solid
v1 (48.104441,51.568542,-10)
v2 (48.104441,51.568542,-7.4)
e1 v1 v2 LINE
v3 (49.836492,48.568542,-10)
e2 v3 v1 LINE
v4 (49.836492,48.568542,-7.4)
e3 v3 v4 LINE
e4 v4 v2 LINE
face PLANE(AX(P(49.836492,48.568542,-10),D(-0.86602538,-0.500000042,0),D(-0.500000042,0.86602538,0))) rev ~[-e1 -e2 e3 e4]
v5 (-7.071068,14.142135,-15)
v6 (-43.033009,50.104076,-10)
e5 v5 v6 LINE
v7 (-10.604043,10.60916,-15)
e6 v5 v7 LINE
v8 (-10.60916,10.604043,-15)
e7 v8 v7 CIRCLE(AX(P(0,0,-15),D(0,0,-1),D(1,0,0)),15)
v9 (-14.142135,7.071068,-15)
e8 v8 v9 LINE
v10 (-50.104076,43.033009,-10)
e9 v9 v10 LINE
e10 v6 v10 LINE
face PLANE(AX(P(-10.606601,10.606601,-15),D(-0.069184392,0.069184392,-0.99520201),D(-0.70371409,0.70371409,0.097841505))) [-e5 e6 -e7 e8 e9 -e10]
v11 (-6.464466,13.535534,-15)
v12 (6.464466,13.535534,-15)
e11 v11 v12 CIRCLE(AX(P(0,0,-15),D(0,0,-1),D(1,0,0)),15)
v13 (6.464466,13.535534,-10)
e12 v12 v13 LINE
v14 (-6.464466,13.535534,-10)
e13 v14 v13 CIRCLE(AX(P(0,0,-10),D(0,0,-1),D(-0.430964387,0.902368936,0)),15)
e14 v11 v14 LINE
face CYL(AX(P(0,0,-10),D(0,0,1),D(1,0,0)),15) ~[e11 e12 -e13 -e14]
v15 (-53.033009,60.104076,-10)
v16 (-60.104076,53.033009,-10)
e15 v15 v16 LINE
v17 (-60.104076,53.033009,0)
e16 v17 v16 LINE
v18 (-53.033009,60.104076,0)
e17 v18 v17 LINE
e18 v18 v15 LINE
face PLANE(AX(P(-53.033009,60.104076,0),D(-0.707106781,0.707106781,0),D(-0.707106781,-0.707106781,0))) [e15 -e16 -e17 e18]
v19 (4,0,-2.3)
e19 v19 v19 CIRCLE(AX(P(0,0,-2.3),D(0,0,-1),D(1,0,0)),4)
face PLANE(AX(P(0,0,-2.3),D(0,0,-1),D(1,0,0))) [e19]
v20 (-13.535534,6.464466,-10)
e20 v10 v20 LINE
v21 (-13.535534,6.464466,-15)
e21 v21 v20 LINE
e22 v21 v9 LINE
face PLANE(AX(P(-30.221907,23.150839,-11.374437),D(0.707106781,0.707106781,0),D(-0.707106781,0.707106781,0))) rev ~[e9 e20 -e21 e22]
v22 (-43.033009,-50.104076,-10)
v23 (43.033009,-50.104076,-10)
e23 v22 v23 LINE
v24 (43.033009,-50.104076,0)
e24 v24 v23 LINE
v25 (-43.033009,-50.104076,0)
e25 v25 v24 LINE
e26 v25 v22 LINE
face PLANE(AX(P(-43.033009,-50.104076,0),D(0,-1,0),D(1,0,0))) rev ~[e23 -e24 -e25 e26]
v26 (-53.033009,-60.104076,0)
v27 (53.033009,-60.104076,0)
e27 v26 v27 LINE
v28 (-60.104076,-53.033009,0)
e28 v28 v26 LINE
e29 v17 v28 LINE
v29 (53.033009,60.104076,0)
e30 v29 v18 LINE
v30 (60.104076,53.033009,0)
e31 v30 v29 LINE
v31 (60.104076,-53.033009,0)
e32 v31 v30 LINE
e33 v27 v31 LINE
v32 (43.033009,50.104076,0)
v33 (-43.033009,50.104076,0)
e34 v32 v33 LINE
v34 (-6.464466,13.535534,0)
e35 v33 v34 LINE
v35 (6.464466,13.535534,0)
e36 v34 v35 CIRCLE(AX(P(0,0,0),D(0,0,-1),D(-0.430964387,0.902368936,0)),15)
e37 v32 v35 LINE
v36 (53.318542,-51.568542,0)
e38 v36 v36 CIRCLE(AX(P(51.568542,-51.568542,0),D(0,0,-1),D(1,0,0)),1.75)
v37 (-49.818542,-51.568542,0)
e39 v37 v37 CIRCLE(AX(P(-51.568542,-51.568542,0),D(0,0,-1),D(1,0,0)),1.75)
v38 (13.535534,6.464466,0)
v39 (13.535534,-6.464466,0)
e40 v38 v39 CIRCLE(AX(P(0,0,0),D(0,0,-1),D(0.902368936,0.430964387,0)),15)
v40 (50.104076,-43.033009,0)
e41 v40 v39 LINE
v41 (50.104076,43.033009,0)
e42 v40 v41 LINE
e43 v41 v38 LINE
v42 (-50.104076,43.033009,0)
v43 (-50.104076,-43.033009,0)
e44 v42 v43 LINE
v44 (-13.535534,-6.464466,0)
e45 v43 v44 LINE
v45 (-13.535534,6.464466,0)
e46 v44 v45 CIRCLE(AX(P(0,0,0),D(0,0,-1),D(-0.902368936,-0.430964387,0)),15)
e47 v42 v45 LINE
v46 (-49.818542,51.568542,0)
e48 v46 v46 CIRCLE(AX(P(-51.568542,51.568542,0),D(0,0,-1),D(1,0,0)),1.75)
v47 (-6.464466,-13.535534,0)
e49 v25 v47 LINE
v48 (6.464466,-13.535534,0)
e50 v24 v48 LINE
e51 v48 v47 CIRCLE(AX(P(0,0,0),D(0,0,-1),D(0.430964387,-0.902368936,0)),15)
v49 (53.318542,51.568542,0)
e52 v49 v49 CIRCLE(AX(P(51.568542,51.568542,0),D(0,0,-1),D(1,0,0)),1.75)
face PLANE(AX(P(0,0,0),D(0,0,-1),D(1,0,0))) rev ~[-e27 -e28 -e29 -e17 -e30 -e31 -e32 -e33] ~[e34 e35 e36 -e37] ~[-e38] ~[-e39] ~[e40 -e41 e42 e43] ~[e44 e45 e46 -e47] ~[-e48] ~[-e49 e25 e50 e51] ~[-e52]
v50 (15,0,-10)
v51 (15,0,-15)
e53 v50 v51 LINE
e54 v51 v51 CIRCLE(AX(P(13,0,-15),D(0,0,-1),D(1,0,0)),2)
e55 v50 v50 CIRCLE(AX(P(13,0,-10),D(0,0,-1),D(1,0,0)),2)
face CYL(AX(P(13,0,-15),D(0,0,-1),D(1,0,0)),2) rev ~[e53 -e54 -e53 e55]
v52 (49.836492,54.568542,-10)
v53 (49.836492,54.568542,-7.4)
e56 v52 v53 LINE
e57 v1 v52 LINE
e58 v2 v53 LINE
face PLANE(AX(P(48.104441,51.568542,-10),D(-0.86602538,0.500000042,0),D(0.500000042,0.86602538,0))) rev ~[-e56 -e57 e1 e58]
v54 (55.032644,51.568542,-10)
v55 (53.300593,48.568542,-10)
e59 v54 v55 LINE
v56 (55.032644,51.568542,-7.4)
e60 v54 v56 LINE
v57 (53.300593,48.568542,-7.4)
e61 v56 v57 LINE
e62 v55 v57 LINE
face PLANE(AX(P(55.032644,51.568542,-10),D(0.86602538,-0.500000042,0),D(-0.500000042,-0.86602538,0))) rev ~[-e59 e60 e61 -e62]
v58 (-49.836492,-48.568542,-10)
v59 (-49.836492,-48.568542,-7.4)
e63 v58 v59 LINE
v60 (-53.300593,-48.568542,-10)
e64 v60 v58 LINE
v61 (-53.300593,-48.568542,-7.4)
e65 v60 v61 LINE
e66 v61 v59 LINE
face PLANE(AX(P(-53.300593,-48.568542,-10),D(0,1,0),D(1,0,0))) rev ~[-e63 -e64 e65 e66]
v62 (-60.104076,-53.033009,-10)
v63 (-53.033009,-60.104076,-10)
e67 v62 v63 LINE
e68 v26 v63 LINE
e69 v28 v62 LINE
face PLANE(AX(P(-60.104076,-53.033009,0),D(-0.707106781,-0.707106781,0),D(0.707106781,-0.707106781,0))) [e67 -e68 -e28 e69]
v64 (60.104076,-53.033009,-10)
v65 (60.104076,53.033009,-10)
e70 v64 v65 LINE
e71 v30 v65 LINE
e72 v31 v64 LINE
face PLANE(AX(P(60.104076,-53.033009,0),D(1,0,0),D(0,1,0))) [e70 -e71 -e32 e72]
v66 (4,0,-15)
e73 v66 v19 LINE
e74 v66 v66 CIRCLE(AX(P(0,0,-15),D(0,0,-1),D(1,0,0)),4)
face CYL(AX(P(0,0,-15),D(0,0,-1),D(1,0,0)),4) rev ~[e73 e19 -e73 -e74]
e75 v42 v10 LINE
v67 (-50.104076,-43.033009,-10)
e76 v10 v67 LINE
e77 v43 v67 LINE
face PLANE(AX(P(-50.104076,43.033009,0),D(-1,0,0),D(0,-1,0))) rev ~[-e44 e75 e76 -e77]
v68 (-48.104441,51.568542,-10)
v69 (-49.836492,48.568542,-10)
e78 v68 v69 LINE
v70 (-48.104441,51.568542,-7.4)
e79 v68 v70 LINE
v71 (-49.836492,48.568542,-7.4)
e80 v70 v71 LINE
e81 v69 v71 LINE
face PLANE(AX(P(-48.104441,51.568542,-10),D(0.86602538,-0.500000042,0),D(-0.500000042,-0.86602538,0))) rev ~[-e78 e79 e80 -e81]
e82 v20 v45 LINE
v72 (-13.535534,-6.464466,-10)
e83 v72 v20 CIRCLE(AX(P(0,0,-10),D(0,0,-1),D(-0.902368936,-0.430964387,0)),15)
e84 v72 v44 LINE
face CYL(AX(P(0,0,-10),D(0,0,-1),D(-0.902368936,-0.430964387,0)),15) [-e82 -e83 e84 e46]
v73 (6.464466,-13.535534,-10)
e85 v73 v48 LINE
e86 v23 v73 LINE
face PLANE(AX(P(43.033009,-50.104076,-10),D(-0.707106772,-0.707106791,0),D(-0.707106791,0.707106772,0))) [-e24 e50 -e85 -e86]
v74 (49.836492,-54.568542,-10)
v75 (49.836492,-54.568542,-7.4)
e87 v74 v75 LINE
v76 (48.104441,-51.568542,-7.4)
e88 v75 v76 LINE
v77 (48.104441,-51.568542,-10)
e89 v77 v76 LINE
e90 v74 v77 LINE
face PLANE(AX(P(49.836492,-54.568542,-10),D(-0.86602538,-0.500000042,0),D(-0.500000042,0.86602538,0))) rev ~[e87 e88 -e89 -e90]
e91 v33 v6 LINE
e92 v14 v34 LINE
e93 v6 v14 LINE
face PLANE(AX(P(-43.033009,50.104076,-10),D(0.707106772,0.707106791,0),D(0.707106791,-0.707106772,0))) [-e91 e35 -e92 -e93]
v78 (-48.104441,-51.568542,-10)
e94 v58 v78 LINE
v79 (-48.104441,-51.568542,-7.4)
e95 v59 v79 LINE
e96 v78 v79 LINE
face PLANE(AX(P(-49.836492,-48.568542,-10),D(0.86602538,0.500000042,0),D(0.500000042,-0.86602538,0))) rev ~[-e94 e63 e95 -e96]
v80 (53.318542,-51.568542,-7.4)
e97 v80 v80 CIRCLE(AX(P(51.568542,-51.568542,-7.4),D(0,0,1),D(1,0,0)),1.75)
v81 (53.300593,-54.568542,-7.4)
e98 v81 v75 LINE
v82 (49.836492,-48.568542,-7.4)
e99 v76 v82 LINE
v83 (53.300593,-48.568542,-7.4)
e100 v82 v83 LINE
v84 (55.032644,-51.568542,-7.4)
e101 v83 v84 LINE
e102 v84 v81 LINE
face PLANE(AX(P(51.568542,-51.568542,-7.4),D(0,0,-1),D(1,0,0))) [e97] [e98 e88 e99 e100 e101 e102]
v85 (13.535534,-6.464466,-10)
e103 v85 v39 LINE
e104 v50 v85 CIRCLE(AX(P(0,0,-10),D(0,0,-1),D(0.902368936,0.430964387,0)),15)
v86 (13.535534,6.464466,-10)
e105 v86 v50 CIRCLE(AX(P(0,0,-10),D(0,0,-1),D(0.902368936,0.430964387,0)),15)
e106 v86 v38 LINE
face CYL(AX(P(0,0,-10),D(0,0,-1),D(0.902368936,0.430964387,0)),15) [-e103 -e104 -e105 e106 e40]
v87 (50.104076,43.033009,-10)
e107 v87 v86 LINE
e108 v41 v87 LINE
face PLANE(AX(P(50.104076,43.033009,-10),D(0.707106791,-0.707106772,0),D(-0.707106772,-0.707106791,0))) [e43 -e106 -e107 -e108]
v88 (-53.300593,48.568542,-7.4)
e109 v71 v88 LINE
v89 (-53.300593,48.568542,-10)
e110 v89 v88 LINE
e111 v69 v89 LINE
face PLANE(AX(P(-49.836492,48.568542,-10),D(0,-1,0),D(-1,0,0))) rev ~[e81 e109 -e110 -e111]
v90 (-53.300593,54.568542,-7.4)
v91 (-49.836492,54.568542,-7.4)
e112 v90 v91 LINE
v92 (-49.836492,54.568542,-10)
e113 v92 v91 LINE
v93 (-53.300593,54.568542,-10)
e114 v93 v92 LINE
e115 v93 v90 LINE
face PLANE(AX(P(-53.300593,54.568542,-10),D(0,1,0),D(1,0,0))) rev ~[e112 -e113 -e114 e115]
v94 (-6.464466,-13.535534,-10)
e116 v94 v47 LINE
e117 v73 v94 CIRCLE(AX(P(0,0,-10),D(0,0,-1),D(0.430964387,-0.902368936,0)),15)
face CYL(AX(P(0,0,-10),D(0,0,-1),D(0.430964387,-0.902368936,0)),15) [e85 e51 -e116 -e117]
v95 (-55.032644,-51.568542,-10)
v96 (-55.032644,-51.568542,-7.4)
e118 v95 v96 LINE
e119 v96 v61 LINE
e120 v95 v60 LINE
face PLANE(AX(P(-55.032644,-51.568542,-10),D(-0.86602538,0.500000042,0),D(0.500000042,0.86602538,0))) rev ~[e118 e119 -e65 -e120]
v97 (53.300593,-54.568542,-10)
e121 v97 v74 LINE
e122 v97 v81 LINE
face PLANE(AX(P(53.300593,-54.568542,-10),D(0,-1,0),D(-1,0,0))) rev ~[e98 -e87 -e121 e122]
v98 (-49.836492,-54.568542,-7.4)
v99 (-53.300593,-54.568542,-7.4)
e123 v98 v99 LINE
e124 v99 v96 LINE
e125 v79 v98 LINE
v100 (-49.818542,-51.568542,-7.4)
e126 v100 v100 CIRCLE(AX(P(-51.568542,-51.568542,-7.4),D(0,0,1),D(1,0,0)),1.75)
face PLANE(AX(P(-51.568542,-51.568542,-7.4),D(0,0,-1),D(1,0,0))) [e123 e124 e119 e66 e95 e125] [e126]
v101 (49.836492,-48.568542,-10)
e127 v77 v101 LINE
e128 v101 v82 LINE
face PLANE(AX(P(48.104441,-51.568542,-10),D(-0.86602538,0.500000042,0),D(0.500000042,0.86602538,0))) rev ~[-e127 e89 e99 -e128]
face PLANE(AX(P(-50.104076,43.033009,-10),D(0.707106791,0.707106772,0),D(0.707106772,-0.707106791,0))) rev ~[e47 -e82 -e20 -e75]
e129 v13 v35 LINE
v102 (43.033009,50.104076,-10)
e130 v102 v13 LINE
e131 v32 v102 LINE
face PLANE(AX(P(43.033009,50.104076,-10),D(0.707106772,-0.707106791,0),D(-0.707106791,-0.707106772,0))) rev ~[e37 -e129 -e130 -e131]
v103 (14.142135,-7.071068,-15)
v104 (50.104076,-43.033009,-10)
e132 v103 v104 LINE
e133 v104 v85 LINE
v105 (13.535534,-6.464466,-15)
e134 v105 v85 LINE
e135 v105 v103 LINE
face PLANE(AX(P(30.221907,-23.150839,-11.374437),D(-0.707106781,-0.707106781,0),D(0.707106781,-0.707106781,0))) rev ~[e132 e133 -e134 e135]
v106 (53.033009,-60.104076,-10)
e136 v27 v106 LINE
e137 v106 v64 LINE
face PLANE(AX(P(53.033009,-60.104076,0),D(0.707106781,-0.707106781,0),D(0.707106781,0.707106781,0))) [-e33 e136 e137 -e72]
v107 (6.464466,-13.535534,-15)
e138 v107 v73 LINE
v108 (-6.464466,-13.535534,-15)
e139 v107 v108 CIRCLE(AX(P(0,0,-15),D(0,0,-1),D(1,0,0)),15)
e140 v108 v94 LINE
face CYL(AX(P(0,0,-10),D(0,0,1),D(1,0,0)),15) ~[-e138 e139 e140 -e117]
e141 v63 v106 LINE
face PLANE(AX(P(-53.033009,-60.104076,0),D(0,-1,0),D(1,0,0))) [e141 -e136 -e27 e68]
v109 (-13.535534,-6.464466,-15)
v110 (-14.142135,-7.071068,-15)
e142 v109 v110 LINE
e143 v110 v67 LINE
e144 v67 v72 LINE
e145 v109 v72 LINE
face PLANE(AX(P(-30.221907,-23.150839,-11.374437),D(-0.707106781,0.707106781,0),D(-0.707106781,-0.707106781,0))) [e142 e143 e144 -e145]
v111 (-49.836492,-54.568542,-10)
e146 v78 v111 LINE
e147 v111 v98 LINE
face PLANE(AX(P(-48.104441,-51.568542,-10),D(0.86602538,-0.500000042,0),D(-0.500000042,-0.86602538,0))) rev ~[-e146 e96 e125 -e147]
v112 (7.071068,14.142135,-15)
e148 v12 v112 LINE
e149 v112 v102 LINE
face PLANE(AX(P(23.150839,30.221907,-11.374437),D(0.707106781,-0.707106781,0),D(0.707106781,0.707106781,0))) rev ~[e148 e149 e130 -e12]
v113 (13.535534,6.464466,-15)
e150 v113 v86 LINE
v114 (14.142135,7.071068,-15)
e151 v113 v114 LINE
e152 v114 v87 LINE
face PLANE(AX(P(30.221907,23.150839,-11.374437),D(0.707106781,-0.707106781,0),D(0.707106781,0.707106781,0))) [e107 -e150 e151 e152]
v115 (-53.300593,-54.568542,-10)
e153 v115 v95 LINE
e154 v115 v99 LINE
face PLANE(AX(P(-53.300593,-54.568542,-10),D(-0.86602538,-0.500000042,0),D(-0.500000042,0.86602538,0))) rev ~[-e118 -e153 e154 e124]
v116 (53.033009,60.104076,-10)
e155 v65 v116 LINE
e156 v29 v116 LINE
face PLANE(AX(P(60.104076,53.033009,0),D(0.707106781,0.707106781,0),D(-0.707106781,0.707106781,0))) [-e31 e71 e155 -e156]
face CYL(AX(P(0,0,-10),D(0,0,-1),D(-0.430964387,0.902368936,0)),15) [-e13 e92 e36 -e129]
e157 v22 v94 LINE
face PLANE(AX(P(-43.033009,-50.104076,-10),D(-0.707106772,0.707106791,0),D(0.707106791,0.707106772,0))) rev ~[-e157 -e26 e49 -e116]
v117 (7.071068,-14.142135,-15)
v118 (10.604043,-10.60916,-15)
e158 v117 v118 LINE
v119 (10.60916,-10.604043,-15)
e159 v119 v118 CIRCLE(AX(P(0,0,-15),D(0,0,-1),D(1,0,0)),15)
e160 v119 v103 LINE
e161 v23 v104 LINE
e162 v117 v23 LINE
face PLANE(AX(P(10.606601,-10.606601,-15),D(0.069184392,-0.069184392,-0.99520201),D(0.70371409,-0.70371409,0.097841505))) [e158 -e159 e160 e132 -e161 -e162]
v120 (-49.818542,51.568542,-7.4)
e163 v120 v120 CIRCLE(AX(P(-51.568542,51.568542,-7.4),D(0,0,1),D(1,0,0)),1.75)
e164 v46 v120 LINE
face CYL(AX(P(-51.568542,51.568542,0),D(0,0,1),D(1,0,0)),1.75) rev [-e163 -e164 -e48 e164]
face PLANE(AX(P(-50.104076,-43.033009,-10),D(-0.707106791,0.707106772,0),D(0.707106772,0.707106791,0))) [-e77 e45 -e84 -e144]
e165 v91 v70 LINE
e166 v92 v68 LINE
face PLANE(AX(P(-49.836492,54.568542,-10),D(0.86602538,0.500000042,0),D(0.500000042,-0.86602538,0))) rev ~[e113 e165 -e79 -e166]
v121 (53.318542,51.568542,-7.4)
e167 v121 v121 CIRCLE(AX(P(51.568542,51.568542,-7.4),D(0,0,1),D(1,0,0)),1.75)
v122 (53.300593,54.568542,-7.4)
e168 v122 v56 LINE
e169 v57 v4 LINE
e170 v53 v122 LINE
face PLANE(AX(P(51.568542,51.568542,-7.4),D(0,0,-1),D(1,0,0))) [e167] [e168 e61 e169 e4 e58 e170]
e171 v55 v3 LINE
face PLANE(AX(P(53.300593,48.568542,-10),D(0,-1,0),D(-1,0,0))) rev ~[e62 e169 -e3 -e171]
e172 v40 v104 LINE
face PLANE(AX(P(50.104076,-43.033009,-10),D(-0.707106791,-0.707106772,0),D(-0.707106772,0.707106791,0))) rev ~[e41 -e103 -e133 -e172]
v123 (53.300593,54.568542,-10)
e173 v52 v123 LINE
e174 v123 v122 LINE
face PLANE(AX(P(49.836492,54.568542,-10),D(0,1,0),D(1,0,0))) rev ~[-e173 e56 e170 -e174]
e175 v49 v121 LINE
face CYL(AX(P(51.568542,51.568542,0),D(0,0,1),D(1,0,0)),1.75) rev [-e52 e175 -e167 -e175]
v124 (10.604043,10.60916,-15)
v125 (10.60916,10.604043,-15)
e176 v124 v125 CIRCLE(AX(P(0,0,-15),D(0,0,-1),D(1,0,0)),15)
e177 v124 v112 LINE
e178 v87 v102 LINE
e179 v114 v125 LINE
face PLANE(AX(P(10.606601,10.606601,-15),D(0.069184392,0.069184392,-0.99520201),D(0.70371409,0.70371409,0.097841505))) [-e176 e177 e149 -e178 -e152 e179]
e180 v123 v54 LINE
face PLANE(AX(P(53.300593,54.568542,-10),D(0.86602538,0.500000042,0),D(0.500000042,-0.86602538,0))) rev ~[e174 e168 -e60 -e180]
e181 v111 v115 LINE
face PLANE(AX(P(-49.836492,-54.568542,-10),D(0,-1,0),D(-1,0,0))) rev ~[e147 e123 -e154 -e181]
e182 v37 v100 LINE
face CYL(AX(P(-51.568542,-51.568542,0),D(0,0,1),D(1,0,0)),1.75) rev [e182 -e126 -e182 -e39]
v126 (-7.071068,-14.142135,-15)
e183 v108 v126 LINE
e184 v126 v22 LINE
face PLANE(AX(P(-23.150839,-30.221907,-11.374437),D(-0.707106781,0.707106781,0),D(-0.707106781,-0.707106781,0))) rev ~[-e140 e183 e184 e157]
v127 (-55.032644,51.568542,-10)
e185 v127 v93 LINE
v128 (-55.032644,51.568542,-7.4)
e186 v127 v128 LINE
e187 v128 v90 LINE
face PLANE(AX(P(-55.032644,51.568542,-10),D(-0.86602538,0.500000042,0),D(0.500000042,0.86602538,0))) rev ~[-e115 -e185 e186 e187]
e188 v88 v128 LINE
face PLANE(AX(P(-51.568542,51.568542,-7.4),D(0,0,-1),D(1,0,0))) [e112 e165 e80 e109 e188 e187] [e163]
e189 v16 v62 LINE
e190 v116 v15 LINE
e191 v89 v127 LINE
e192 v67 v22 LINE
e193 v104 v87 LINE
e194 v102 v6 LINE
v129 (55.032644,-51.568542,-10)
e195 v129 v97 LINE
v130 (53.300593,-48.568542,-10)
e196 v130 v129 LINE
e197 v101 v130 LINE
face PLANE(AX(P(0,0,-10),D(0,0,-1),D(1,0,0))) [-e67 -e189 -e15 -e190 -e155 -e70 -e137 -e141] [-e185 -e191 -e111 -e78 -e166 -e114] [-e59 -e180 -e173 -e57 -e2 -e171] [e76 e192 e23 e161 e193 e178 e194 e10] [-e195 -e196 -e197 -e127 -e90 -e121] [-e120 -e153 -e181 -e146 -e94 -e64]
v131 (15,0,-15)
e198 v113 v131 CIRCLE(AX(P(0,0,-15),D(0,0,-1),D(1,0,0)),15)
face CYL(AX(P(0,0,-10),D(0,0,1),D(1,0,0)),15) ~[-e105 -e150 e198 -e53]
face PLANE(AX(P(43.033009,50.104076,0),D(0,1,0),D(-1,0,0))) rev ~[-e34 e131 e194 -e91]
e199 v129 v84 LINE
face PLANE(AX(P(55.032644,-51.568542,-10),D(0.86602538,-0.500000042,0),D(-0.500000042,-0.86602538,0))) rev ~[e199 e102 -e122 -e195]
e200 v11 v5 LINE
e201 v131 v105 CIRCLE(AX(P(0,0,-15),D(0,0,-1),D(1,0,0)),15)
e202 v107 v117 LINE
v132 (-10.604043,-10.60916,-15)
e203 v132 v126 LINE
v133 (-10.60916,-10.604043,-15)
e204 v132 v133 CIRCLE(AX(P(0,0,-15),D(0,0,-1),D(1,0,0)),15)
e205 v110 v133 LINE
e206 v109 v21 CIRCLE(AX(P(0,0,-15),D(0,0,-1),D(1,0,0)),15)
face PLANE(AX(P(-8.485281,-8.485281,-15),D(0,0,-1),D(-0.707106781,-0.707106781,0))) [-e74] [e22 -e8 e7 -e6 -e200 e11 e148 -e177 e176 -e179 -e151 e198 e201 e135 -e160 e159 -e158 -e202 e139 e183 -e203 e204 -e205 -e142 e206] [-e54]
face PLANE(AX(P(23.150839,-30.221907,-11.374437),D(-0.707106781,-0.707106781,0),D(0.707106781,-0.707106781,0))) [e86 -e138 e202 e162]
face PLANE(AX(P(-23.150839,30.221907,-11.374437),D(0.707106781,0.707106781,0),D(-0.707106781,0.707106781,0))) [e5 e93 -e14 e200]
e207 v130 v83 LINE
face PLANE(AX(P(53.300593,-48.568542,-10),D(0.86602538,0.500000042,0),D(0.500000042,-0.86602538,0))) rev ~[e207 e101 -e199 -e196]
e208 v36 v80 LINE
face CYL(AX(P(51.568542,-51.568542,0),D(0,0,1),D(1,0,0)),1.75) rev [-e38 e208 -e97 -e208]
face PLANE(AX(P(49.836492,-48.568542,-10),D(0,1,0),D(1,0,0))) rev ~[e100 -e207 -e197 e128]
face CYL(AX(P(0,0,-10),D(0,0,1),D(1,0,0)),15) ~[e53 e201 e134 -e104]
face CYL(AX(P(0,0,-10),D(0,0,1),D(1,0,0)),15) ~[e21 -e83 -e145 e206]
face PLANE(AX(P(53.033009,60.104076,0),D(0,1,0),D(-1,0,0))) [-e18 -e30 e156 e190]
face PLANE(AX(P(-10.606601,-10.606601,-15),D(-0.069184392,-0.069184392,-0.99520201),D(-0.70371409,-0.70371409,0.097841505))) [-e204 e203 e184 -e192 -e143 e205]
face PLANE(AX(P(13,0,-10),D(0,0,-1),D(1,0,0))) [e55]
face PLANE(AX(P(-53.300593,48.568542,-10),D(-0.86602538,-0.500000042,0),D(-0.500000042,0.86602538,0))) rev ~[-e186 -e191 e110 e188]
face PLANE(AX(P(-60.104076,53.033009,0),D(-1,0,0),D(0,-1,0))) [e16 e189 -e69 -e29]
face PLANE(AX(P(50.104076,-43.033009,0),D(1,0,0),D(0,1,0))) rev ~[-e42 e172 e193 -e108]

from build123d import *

# Parameters (mm, degrees)
SKETCH031_R        = 1.75
PAD018_DEPTH       = 10
POCKET003_DEPTH    = 2.6
PAD019_DEPTH       = 10
SKETCH034_R        = 15
PAD020_DEPTH       = 5
SKETCH035_R        = 4
POCKET004_DEPTH    = 12.7
SKETCH036_R        = 2
POCKET005_DEPTH    = 5
PAD021_DEPTH       = 5
POLARPATTERN_COUNT = 4


with BuildPart() as part:
    # Sketch031 (on Face1 of Binder005) → Pad018 (new body)
    with BuildSketch(Plane(origin=(0, 0, 0), x_dir=(1, 0, 0), z_dir=(0, 0, -1))):
        Polygon((-60.104076, 53.033009), (-53.033009, 60.104076), (53.033009, 60.104076), (60.104076, 53.033009), (60.104076, -53.033009), (53.033009, -60.104076), (-53.033009, -60.104076), (-60.104076, -53.033009), align=None)
        with Locations((-51.568542, -51.568542)):
            Circle(SKETCH031_R, mode=Mode.SUBTRACT)
        with Locations((51.568542, -51.568542)):
            Circle(SKETCH031_R, mode=Mode.SUBTRACT)
        with Locations((51.568542, 51.568542)):
            Circle(SKETCH031_R, mode=Mode.SUBTRACT)
        with Locations((-51.568542, 51.568542)):
            Circle(SKETCH031_R, mode=Mode.SUBTRACT)
        Polygon((-43.033009, 50.104076), (43.033009, 50.104076), (50.104076, 43.033009), (50.104076, -43.033009), (43.033009, -50.104076), (-43.033009, -50.104076), (-50.104076, -43.033009), (-50.104076, 43.033009), align=None, mode=Mode.SUBTRACT)
    extrude(amount=PAD018_DEPTH)

    # Sketch032 (on Face22 of Pad018) → Pocket003 (cut)
    with BuildSketch(Plane(origin=(0, 0, -10), x_dir=(1, 0, 0), z_dir=(0, 0, -1))):
        Polygon((-48.104441, -51.568542), (-49.836492, -48.568542), (-53.300593, -48.568542), (-55.032644, -51.568542), (-53.300593, -54.568542), (-49.836492, -54.568542), align=None)
        Polygon((53.300593, -48.568542), (49.836492, -48.568542), (48.104441, -51.568542), (49.836492, -54.568542), (53.300593, -54.568542), (55.032644, -51.568542), align=None)
        Polygon((53.300593, 54.568542), (49.836492, 54.568542), (48.104441, 51.568542), (49.836492, 48.568542), (53.300593, 48.568542), (55.032644, 51.568542), align=None)
        Polygon((-49.836492, 54.568542), (-53.300593, 54.568542), (-55.032644, 51.568542), (-53.300593, 48.568542), (-49.836492, 48.568542), (-48.104441, 51.568542), align=None)
    extrude(amount=-POCKET003_DEPTH, mode=Mode.SUBTRACT)

    # Sketch033 (on Face5 of Pocket003) → Pad019 (join)
    with BuildSketch(Plane(origin=(0, 0, -10), x_dir=(1, 0, 0), z_dir=(0, 0, -1))):
        with BuildLine():
            Line((-43.033009, -50.104076), (-6.464466, -13.535534))
            ThreePointArc((-6.464466, -13.535534), (0, -15), (6.464466, -13.535534))
            Line((43.033009, -50.104076), (6.464466, -13.535534))
            Line((50.104076, -43.033009), (43.033009, -50.104076))
            Line((50.104076, -43.033009), (13.535534, -6.464466))
            ThreePointArc((13.535534, -6.464466), (15, 0), (13.535534, 6.464466))
            Line((50.104076, 43.033009), (13.535534, 6.464466))
            Line((43.033009, 50.104076), (50.104076, 43.033009))
            Line((43.033009, 50.104076), (6.464466, 13.535534))
            ThreePointArc((6.464466, 13.535534), (0, 15), (-6.464466, 13.535534))
            Line((-43.033009, 50.104076), (-6.464466, 13.535534))
            Line((-50.104076, 43.033009), (-43.033009, 50.104076))
            Line((-50.104076, 43.033009), (-13.535534, 6.464466))
            ThreePointArc((-13.535534, 6.464466), (-15, 0), (-13.535534, -6.464466))
            Line((-50.104076, -43.033009), (-13.535534, -6.464466))
            Line((-43.033009, -50.104076), (-50.104076, -43.033009))
        make_face()
    extrude(amount=-PAD019_DEPTH)

    # Sketch034 (on Face32 of Pad019) → Pad020 (join)
    with BuildSketch(Plane(origin=(0, 0, -10), x_dir=(1, 0, 0), z_dir=(0, 0, -1))):
        Circle(SKETCH034_R)
    extrude(amount=PAD020_DEPTH)

    # Sketch035 (on Face65 of Pad020) → Pocket004 (cut)
    with BuildSketch(Plane(origin=(0, 0, -15), x_dir=(1, 0, 0), z_dir=(0, 0, -1))):
        Circle(SKETCH035_R)
    extrude(amount=-POCKET004_DEPTH, mode=Mode.SUBTRACT)

    # Sketch036 (on Face65 of Pocket004) → Pocket005 (cut)
    with BuildSketch(Plane(origin=(0, 0, -15), x_dir=(1, 0, 0), z_dir=(0, 0, -1))):
        with Locations((13, 0)):
            Circle(SKETCH036_R)
    extrude(amount=-POCKET005_DEPTH, mode=Mode.SUBTRACT)

    # Sketch039 (on DatumPlane) → Pad021 (join, symmetric)
    with BuildSketch(Plane(origin=(53.235209, -53.235209, -8.333333), x_dir=(0.707107, -0.707107, 0), z_dir=(-0.707107, -0.707107, 0))):
        Polygon((-9.42809, -1.666667), (-63.285955, -1.666667), (-63.285955, -6.666667), (-60.285955, -6.666667), align=None)
    pad021 = extrude(amount=PAD021_DEPTH, both=True)

    # PolarPattern: Pad021 ×4 about axis
    polarpattern_axis = Axis((0, 0, 0), (0, 0, 1))
    for i in range(1, POLARPATTERN_COUNT):
        add(pad021.rotate(polarpattern_axis, i * 360 / POLARPATTERN_COUNT))


solid = part.part
